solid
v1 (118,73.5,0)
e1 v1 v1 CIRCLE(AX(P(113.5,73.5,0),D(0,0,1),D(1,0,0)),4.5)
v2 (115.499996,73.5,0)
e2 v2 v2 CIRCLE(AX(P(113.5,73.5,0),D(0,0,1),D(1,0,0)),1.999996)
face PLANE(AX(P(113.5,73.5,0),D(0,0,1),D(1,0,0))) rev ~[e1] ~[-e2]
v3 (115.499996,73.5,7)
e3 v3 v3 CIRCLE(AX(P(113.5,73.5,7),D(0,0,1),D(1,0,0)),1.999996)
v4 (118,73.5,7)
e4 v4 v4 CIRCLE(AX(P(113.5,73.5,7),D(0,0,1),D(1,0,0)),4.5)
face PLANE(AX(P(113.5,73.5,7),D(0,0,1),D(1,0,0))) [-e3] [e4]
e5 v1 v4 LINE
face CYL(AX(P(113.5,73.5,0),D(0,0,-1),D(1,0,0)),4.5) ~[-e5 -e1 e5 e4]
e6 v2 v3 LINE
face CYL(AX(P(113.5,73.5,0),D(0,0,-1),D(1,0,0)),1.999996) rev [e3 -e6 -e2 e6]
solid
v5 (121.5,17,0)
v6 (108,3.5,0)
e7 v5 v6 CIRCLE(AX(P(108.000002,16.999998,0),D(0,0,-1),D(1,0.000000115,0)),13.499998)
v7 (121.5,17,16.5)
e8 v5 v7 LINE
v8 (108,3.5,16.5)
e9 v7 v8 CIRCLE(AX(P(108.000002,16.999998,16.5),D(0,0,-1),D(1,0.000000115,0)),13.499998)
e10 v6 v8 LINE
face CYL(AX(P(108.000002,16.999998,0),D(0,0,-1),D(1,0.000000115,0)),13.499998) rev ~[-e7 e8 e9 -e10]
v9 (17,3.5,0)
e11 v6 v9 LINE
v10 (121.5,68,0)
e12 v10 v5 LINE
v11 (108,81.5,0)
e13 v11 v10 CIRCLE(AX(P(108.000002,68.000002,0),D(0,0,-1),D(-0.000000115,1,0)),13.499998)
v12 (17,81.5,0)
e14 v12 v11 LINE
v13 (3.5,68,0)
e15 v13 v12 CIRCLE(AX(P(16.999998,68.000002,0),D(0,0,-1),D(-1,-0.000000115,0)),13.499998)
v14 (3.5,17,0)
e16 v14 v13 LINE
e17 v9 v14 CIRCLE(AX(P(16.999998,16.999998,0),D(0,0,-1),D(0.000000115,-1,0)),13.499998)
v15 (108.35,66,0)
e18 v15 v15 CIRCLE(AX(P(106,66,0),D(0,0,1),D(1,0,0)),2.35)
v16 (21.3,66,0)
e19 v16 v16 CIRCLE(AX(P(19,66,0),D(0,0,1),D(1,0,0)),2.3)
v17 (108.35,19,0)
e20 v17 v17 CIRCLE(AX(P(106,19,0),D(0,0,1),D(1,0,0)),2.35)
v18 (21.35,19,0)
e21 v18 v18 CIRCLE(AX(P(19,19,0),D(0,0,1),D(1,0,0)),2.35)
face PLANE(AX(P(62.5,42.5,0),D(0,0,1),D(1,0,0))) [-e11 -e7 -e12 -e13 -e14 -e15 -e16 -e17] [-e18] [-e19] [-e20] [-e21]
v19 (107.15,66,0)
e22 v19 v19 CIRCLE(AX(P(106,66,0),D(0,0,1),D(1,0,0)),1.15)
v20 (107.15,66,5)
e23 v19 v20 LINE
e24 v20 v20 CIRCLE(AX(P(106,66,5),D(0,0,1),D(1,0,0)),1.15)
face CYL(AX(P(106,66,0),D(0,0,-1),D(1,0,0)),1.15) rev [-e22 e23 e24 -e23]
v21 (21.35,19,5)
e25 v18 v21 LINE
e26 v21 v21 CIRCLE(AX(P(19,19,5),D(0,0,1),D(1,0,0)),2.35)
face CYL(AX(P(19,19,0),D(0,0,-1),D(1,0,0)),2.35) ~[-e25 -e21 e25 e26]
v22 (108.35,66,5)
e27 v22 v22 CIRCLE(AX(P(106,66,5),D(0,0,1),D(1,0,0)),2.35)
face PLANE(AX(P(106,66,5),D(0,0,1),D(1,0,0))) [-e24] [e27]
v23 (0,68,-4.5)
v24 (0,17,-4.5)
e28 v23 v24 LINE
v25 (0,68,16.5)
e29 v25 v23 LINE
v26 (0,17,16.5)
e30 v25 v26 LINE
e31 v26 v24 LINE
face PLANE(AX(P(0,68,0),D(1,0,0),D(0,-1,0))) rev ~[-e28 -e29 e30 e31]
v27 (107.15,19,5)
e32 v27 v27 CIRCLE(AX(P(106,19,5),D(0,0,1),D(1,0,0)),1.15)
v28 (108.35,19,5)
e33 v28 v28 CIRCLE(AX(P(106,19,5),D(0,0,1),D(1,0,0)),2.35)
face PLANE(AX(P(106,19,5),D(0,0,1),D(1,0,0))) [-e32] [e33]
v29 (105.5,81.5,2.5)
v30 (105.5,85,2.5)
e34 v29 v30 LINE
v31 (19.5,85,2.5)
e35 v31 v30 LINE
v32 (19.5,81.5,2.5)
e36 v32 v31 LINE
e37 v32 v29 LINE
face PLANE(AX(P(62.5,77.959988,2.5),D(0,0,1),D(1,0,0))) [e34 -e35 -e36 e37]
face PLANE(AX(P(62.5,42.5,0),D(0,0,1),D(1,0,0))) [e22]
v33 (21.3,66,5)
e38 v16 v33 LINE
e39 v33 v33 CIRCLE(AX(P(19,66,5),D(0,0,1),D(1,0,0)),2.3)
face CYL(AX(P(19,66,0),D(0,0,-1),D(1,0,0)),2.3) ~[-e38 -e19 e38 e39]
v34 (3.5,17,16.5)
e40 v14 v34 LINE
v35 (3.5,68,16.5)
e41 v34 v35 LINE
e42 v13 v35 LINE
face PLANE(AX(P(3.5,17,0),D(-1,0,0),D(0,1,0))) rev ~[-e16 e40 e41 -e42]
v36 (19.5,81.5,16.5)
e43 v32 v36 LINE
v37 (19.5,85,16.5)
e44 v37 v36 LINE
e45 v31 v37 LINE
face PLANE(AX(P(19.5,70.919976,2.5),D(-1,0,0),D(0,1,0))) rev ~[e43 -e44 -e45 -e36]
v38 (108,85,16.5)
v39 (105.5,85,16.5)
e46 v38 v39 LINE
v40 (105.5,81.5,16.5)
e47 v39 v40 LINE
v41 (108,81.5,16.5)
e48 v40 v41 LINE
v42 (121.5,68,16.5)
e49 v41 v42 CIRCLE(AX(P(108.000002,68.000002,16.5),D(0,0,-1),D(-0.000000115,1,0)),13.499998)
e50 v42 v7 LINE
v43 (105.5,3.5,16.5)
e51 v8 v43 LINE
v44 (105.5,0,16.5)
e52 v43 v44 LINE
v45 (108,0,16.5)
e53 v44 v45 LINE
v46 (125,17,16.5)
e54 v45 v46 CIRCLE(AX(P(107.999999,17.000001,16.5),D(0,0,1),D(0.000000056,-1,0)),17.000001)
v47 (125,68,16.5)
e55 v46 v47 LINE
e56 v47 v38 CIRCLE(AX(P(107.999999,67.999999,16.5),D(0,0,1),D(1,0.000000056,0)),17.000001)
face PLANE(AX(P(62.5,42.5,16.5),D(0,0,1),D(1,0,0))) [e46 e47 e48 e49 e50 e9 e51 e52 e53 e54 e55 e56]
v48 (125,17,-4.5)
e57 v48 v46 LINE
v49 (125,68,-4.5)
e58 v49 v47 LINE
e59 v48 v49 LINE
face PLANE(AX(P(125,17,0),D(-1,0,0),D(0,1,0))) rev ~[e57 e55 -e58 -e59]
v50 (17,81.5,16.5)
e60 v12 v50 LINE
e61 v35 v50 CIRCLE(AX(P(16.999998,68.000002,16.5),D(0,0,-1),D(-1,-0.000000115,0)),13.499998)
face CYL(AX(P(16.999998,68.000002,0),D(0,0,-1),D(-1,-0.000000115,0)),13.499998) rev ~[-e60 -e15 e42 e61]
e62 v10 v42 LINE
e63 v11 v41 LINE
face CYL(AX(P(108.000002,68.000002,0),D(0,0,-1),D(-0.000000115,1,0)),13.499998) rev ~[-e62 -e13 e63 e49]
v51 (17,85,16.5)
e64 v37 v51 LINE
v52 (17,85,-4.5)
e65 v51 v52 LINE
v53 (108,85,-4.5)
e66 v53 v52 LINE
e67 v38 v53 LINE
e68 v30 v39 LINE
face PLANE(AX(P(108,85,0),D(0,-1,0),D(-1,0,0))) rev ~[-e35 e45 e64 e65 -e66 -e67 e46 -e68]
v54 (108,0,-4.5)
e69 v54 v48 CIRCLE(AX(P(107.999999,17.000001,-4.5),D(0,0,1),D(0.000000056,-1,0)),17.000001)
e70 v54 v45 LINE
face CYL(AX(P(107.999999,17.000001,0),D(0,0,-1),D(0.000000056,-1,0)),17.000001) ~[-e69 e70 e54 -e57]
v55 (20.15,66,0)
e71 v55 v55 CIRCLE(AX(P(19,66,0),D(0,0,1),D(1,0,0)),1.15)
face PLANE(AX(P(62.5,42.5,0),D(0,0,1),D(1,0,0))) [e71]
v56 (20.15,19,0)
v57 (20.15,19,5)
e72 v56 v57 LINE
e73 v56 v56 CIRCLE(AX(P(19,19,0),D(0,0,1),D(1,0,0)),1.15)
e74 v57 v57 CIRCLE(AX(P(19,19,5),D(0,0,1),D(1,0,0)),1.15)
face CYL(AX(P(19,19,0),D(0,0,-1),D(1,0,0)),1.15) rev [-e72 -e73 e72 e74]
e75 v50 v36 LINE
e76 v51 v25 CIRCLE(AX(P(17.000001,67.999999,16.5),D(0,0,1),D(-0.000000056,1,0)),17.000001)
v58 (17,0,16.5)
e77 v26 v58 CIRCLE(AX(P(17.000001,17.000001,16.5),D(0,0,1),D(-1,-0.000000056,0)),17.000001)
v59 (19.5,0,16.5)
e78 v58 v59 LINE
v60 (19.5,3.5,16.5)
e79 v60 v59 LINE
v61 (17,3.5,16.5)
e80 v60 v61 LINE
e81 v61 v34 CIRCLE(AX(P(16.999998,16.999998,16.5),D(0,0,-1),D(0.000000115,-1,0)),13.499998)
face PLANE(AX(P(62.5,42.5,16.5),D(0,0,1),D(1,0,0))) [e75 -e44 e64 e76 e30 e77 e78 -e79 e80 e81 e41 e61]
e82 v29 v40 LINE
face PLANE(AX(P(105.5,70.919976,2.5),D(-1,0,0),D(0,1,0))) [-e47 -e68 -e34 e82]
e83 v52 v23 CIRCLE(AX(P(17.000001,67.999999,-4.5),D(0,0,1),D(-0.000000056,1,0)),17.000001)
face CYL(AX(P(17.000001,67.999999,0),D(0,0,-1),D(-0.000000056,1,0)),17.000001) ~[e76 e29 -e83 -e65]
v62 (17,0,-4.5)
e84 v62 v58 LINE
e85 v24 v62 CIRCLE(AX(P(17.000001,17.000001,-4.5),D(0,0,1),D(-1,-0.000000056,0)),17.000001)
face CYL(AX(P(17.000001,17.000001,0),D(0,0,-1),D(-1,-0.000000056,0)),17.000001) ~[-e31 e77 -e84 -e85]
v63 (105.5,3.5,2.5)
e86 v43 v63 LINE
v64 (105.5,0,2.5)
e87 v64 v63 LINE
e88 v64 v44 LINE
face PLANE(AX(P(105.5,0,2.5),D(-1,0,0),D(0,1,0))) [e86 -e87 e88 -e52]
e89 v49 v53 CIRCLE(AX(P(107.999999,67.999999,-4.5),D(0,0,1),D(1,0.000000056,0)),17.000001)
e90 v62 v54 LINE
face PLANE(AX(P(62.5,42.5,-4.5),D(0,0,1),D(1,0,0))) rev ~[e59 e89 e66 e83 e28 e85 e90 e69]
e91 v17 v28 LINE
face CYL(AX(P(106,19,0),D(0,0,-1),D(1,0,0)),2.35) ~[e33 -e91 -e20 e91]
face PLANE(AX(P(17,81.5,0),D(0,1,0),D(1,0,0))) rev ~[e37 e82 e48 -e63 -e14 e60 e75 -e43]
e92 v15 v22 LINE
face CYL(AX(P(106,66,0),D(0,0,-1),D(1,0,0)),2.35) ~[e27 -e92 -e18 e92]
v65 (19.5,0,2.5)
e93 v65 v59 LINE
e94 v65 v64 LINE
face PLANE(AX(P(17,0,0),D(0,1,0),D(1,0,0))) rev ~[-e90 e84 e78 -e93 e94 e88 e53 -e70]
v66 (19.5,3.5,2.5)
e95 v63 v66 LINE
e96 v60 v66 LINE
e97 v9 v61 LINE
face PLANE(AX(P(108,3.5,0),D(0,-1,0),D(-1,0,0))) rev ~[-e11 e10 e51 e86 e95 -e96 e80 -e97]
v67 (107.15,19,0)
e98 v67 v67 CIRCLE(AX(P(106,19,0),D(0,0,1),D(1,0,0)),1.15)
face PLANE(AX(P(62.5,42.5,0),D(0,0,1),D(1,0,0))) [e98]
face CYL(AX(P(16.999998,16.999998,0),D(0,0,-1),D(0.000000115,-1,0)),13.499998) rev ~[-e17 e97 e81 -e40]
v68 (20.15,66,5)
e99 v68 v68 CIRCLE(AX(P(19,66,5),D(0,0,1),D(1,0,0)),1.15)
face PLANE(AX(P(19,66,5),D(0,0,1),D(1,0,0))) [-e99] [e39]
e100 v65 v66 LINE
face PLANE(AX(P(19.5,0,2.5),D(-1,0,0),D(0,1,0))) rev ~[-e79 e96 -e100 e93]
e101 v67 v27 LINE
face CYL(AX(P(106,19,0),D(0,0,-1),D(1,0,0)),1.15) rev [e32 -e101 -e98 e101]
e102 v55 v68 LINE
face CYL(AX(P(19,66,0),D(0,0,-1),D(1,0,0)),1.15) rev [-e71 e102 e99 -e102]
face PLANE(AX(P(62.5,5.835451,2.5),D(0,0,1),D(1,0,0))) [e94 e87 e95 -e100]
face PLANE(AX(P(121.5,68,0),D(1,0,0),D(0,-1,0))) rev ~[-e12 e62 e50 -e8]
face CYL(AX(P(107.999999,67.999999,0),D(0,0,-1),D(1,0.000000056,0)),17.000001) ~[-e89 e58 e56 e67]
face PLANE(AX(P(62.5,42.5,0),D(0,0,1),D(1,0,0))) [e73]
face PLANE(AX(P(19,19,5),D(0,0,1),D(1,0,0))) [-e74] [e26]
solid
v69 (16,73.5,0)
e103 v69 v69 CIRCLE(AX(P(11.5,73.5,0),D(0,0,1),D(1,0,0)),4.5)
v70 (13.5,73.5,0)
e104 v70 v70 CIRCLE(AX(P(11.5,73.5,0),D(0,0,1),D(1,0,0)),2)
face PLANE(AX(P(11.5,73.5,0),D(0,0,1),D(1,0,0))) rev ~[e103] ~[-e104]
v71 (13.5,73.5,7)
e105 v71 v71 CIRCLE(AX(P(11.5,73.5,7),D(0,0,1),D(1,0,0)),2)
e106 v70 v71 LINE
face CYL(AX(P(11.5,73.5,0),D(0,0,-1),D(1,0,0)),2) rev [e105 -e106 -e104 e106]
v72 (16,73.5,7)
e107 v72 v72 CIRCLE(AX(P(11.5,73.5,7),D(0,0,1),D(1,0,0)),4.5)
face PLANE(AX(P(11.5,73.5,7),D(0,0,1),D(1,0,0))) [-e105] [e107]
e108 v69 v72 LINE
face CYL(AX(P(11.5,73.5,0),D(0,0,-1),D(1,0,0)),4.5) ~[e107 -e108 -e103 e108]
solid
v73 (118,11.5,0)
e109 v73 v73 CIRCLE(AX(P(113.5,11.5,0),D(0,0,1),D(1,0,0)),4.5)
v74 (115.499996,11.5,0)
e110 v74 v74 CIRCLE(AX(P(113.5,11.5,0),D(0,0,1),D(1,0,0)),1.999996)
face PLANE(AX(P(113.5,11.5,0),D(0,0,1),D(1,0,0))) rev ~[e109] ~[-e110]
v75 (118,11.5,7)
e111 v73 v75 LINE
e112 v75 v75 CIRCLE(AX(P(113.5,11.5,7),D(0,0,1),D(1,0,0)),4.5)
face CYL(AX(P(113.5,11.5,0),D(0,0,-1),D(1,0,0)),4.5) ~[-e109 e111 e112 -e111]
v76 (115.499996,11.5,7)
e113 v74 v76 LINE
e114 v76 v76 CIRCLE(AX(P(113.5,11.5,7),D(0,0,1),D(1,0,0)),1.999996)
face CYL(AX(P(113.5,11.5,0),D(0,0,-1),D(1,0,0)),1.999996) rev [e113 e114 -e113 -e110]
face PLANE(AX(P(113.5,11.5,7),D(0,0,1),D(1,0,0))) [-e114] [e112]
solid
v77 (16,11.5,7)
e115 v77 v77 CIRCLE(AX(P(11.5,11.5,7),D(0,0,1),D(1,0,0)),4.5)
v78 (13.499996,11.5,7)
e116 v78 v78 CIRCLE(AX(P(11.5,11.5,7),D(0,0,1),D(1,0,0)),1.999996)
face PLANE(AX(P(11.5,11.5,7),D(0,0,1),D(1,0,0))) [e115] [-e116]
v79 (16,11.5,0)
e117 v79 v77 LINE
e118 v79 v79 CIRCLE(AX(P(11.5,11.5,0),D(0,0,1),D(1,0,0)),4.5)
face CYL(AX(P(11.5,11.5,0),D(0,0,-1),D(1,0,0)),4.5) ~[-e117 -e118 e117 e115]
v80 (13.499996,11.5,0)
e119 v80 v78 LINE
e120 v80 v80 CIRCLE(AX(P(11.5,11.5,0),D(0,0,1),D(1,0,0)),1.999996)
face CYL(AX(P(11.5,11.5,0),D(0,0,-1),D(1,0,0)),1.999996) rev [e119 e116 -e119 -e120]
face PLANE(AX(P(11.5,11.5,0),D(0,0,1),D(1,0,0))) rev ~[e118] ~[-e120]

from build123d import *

# Parameters (mm, degrees)
F1_DEPTH  = 4.5
F2_R      = 4.5
F2_R_2    = 2
F2_R_3    = 1.999996
F3_DEPTH  = 7
F5_DEPTH  = 16.5
F6_R      = 2.3
F6_R_2    = 1.15
F6_R_3    = 2.35
F7_DEPTH  = 5
F9_W      = 86
F9_H      = 14.080024
F9_H_2    = 11.670903
F10_DEPTH = 50.8


with BuildPart() as f1:
    # F0 (on Top) → F1 (new body)
    with BuildSketch(Plane.XY):
        with BuildLine():
            ThreePointArc((0, 17), (4.979185, 4.979185), (17, 0))
            Line((17, 0), (108, 0))
            ThreePointArc((108, 0), (120.020815, 4.979185), (125, 17))
            Line((125, 17), (125, 68))
            ThreePointArc((125, 68), (120.020815, 80.020815), (108, 85))
            Line((108, 85), (17, 85))
            ThreePointArc((17, 85), (4.979185, 80.020815), (0, 68))
            Line((0, 68), (0, 17))
        make_face()
    extrude(amount=-F1_DEPTH)

    # F4 (on Top) → F5 (join)
    with BuildSketch(Plane.XY):
        with BuildLine():
            ThreePointArc((0, 17), (4.979185, 4.979185), (17, 0))
            Line((17, 0), (108, 0))
            ThreePointArc((108, 0), (120.020815, 4.979185), (125, 17))
            Line((125, 17), (125, 68))
            ThreePointArc((125, 68), (120.020815, 80.020815), (108, 85))
            Line((108, 85), (17, 85))
            ThreePointArc((17, 85), (4.979185, 80.020815), (0, 68))
            Line((0, 68), (0, 17))
        make_face()
        with BuildLine():
            ThreePointArc((3.5, 68), (7.454058, 77.545942), (17, 81.5))
            Line((17, 81.5), (108, 81.5))
            ThreePointArc((108, 81.5), (117.545942, 77.545942), (121.5, 68))
            Line((121.5, 68), (121.5, 17))
            ThreePointArc((121.5, 17), (117.545942, 7.454058), (108, 3.5))
            Line((108, 3.5), (17, 3.5))
            ThreePointArc((17, 3.5), (7.454058, 7.454058), (3.5, 17))
            Line((3.5, 17), (3.5, 68))
        make_face(mode=Mode.SUBTRACT)
    extrude(amount=F5_DEPTH)

    # F6 (on Top) → F7 (join)
    with BuildSketch(Plane.XY):
        with Locations((19, 66)):
            Circle(F6_R)
        with Locations((19, 66)):
            Circle(F6_R_2, mode=Mode.SUBTRACT)
        with Locations((106, 66)):
            Circle(F6_R_3)
        with Locations((106, 66)):
            Circle(F6_R_2, mode=Mode.SUBTRACT)
        with Locations((106, 19)):
            Circle(F6_R_3)
        with Locations((106, 19)):
            Circle(F6_R_2, mode=Mode.SUBTRACT)
        with Locations((19, 19)):
            Circle(F6_R_3)
        with Locations((19, 19)):
            Circle(F6_R_2, mode=Mode.SUBTRACT)
    extrude(amount=F7_DEPTH)

    # F9 (on offset) → F10 (cut)
    with BuildSketch(Plane.XY.offset(2.5)):
        with Locations((62.5, 77.959988)):
            Rectangle(F9_W, F9_H)
        with Locations((62.5, 5.835451)):
            Rectangle(F9_W, F9_H_2)
    extrude(amount=F10_DEPTH, mode=Mode.SUBTRACT)


with BuildPart() as f3:
    # F2 (on Top) → F3 (new body)
    with BuildSketch(Plane.XY):
        with Locations((11.5, 73.5)):
            Circle(F2_R)
        with Locations((11.5, 73.5)):
            Circle(F2_R_2, mode=Mode.SUBTRACT)
        with Locations((113.5, 73.5)):
            Circle(F2_R)
        with Locations((113.5, 73.5)):
            Circle(F2_R_3, mode=Mode.SUBTRACT)
        with Locations((11.5, 11.5)):
            Circle(F2_R)
        with Locations((11.5, 11.5)):
            Circle(F2_R_3, mode=Mode.SUBTRACT)
        with Locations((113.5, 11.5)):
            Circle(F2_R)
        with Locations((113.5, 11.5)):
            Circle(F2_R_3, mode=Mode.SUBTRACT)
    extrude(amount=F3_DEPTH)


solid = Compound([f1.part, f3.part])
